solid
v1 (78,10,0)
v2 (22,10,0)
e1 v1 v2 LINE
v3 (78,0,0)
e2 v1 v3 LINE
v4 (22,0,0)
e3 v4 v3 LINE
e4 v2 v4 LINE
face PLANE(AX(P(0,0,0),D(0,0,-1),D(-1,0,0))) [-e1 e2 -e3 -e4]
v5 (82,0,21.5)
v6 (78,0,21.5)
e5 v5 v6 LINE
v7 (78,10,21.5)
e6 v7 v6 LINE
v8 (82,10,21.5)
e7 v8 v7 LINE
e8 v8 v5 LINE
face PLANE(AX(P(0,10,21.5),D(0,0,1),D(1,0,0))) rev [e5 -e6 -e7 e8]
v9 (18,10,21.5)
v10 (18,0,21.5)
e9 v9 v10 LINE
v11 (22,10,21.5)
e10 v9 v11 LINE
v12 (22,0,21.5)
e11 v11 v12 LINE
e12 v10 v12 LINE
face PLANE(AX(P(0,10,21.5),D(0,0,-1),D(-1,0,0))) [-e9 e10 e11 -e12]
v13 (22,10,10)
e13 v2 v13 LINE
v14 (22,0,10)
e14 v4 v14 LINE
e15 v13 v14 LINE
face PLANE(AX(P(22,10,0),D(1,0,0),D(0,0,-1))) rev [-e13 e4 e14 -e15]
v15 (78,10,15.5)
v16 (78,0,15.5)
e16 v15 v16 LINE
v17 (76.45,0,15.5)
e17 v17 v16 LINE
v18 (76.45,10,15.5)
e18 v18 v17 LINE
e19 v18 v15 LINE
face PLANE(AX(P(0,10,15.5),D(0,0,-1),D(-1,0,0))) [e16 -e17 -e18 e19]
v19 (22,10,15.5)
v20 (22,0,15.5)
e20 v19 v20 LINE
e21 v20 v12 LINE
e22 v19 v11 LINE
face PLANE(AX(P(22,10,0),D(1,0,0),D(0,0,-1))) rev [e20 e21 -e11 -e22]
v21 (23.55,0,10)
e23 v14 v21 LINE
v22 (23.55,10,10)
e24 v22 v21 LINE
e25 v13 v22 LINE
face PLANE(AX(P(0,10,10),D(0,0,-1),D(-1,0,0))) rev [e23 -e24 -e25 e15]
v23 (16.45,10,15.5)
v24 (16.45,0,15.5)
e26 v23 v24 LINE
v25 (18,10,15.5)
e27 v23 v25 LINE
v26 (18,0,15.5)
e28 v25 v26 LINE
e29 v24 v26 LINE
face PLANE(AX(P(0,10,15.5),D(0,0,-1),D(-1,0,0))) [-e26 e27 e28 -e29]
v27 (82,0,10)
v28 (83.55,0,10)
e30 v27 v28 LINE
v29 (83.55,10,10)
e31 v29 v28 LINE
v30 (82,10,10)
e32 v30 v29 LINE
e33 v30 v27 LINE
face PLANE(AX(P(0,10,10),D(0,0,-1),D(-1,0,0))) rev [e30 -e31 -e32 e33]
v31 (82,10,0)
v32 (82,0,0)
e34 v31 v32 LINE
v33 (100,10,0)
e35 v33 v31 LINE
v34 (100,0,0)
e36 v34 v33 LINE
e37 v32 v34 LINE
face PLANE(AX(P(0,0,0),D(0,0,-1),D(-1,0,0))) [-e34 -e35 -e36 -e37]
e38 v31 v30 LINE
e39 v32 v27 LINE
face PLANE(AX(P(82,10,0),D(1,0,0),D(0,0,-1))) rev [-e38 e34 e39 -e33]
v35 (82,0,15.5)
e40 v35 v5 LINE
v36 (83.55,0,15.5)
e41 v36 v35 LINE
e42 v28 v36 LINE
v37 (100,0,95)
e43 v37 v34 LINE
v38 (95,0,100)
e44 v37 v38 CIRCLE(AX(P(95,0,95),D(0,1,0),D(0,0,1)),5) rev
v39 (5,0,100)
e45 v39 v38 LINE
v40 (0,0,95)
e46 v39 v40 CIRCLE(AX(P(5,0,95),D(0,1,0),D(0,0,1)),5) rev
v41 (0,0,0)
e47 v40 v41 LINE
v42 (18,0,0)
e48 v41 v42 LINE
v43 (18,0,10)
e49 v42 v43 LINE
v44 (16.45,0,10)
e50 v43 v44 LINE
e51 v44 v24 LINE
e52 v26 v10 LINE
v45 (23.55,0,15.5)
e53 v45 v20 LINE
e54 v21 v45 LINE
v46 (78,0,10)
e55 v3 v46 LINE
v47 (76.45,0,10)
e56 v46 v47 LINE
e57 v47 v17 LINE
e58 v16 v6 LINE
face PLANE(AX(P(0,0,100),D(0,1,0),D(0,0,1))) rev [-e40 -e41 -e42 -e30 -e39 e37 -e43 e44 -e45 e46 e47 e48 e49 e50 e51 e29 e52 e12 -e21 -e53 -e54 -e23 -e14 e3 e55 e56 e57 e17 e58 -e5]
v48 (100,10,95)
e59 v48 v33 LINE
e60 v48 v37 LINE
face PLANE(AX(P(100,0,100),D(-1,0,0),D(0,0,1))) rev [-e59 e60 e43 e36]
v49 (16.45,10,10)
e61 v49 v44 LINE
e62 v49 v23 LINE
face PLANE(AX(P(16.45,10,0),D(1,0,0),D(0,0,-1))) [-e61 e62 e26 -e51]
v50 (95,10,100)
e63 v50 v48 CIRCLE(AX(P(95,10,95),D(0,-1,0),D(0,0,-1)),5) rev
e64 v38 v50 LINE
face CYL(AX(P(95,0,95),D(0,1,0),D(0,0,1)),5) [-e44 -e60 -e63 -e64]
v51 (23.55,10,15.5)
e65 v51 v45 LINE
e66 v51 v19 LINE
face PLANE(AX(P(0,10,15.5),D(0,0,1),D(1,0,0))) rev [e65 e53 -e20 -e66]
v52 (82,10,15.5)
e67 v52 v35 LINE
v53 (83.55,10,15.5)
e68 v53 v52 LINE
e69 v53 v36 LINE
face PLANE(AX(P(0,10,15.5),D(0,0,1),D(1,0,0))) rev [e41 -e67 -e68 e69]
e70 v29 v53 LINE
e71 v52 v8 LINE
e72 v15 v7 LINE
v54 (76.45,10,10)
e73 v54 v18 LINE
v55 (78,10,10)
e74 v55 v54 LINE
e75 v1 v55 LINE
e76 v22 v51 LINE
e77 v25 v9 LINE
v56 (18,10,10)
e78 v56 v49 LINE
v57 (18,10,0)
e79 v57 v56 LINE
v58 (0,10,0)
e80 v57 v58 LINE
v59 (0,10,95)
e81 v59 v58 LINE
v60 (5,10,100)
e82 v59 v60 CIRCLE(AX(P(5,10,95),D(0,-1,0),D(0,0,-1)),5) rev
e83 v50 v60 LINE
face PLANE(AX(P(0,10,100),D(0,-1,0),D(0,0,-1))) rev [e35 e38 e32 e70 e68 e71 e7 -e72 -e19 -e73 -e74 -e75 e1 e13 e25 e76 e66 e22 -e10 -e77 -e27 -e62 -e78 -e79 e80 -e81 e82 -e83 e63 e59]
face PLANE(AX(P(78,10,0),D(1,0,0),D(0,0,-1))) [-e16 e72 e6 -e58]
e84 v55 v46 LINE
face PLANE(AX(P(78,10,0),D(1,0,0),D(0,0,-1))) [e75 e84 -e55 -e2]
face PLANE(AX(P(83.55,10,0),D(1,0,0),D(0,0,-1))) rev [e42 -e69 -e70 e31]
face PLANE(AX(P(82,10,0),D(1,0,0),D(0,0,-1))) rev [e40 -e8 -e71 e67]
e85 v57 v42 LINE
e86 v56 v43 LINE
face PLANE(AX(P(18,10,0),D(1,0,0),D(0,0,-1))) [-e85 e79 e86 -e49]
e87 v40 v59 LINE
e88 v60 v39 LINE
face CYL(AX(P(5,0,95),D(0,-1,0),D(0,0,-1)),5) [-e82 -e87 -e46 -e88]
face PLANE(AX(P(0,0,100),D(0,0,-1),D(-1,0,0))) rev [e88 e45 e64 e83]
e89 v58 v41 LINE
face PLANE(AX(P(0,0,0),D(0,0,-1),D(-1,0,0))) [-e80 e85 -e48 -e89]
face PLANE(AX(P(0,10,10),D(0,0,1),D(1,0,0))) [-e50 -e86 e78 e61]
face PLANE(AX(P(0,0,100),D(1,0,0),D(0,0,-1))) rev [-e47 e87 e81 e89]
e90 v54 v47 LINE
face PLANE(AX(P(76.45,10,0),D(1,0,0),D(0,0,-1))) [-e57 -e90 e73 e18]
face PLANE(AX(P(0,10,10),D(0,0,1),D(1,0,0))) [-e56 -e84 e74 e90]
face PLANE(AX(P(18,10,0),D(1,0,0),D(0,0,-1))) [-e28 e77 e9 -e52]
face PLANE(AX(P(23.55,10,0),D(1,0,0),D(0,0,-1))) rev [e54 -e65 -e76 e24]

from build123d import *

# Parameters (mm, degrees)
SKETCH1_W               = 100
SKETCH1_H               = 10
BOSS_EXTRUDE1_DEPTH     = 100
ENL_V_MAT_EXTRU_1_DEPTH = 10
CONG_1_R                = 5
CONG_3_R                = 5


with BuildPart() as part:
    # Sketch1 → Boss-Extrude1 (new body)
    with BuildSketch(Plane.XY):
        with Locations((50, 5)):
            Rectangle(SKETCH1_W, SKETCH1_H)
    extrude(amount=BOSS_EXTRUDE1_DEPTH)

    # Esquisse1 → Enlèv. mat.-Extru.1 (cut)
    with BuildSketch(Plane.XZ):
        Polygon((18, 10), (18, 0), (22, 0), (22, 10), (23.55, 10), (23.55, 15.5), (22, 15.5), (22, 21.5), (18, 21.5), (18, 15.5), (16.45, 15.5), (16.45, 10), align=None)
        Polygon((78, 10), (78, 0), (82, 0), (82, 10), (83.55, 10), (83.55, 15.5), (82, 15.5), (82, 21.5), (78, 21.5), (78, 15.5), (76.45, 15.5), (76.45, 10), align=None)
    extrude(amount=-ENL_V_MAT_EXTRU_1_DEPTH, mode=Mode.SUBTRACT)

    # Congé1
    cong_1_edges = [part.edges().sort_by_distance(p)[0] for p in [
        (0, 5, 100),
    ]]
    fillet(cong_1_edges, radius=CONG_1_R)

    # Congé3
    cong_3_edges = [part.edges().sort_by_distance(p)[0] for p in [
        (100, 5, 100),
    ]]
    fillet(cong_3_edges, radius=CONG_3_R)


solid = part.part
